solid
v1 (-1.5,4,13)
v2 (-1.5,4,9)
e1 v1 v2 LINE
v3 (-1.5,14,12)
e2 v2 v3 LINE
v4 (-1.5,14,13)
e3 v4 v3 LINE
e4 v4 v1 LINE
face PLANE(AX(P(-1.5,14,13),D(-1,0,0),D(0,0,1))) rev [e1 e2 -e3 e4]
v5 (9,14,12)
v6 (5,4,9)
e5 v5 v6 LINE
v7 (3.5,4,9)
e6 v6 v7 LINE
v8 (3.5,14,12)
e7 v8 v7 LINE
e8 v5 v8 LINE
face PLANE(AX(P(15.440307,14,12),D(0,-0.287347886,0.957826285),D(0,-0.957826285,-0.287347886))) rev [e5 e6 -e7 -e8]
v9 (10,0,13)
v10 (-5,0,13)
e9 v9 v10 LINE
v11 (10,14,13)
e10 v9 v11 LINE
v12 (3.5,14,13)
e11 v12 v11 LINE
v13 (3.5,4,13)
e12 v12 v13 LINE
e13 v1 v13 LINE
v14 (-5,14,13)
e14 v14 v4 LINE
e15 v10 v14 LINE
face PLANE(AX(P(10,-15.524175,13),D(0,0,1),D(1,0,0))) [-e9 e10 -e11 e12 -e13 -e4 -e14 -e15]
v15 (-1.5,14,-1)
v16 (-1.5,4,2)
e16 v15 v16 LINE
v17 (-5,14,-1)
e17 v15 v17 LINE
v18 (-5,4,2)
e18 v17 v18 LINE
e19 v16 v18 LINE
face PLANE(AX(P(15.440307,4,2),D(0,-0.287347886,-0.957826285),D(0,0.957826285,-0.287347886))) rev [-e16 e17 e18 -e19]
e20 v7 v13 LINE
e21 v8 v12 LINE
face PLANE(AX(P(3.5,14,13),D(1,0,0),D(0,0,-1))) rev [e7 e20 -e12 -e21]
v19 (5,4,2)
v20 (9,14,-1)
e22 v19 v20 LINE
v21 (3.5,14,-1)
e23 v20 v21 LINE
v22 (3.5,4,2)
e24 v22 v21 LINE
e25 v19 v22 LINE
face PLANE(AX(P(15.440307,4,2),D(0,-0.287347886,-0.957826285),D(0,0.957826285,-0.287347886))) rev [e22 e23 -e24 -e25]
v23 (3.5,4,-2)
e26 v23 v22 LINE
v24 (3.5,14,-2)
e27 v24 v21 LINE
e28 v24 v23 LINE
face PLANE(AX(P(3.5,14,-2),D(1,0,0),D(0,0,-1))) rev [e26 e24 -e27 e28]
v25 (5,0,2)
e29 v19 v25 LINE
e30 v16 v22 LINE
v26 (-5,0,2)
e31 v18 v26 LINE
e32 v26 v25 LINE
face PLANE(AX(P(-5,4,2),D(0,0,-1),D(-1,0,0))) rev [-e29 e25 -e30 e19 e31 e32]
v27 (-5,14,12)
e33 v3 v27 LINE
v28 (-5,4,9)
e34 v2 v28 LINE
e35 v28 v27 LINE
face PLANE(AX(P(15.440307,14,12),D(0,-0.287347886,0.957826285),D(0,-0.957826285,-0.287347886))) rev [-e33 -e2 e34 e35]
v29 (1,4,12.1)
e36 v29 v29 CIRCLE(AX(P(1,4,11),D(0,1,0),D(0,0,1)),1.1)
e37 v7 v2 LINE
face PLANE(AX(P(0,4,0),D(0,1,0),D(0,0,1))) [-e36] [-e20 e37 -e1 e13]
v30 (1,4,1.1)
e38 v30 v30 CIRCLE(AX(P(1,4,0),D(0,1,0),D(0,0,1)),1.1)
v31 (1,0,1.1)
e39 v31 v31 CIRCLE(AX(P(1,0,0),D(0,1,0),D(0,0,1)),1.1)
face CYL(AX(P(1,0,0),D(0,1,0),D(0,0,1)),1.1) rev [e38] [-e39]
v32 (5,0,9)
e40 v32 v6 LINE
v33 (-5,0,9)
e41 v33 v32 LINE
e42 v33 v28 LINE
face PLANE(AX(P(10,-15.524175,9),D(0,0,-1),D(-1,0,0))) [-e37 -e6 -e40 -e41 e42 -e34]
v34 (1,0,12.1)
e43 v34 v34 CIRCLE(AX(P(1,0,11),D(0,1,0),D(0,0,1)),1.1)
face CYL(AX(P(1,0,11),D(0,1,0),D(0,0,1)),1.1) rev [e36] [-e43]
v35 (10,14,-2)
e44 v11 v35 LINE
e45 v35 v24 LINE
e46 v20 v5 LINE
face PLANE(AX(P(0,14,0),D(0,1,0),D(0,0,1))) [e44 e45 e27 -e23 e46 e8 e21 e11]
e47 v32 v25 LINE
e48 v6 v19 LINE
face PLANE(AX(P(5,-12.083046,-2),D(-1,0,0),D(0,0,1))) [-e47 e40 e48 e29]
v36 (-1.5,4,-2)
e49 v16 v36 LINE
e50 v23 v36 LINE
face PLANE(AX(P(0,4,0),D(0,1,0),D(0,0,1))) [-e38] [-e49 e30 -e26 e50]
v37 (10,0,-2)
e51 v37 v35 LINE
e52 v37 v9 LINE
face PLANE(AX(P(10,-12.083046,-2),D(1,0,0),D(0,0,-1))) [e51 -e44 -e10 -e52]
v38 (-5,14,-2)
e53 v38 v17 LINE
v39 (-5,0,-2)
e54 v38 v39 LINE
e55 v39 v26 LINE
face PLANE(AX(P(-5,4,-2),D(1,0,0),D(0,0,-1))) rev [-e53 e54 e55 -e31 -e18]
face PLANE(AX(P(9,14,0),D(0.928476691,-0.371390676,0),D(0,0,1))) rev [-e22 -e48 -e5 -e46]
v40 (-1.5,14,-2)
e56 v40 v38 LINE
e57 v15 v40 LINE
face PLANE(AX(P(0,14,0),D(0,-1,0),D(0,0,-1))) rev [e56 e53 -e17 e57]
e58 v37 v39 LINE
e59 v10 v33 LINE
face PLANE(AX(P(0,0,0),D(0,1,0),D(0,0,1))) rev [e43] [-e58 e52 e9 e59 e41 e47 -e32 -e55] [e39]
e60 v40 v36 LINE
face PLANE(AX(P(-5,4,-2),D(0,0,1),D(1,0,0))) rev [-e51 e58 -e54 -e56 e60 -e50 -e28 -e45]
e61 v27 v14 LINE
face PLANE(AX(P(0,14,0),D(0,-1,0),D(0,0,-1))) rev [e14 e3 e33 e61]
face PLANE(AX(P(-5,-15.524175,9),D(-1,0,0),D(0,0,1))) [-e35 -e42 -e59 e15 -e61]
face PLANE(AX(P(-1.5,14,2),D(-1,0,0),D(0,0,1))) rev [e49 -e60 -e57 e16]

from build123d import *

# Parameters (mm, degrees)
SKETCH_1_W          = 10
SKETCH_1_H          = 4
EXTRUDE_1_DEPTH     = 4
SKETCH_2_W          = 5
SKETCH_2_H          = 11
EXTRUDE_2_DEPTH     = 4
SKETCH_3_W          = 15
SKETCH_3_H          = 4
EXTRUDE_3_DEPTH     = 4
SKETCH_4_R          = 1.1
CUT_EXTRUDE_1_DEPTH = 17.881943016
SKETCH_5_W          = 3.5
SKETCH_5_H          = 4
EXTRUDE_6_DEPTH     = 10
SKETCH_9_W          = 6.5
SKETCH_9_H          = 4
EXTRUDE_7_DEPTH     = 10
SKETCH_11_W         = 5
SKETCH_11_H         = 7
EXTRUDE_8_DEPTH     = 10
CUT_EXTRUDE_3_REACH = 26.29
CHAMFER_2_SIZE      = 10
CHAMFER_2_SIZE2     = 4


with BuildPart() as part:
    # 草图1 → 凸台-拉伸1 (new body)
    with BuildSketch(Plane(origin=(0, 0, 0), x_dir=(1, 0, 0), z_dir=(0, 1, 0))):
        Rectangle(SKETCH_1_W, SKETCH_1_H)
    extrude(amount=EXTRUDE_1_DEPTH)

    # 草图2 → 凸台-拉伸2 (add)
    with BuildSketch(Plane(origin=(0, 4, 0), x_dir=(1, 0, 0), z_dir=(0, 1, 0))):
        with Locations((7.5, -3.5)):
            Rectangle(SKETCH_2_W, SKETCH_2_H)
    extrude(amount=-EXTRUDE_2_DEPTH)

    # 草图3 → 凸台-拉伸3 (add)
    with BuildSketch(Plane(origin=(0, 4, 0), x_dir=(1, 0, 0), z_dir=(0, 1, 0))):
        with Locations((2.5, -11)):
            Rectangle(SKETCH_3_W, SKETCH_3_H)
    extrude(amount=-EXTRUDE_3_DEPTH)

    # 草图4 → 切除-拉伸1 (cut, through all)
    with BuildSketch(Plane(origin=(0, 4, 0), x_dir=(1, 0, 0), z_dir=(0, 1, 0))):
        with Locations(Location((1, -11, 0), (0, 0, 270))):
            Circle(SKETCH_4_R)
        with Locations(Location((1, 0, 0), (0, 0, 270))):
            Circle(SKETCH_4_R)
    extrude(amount=-CUT_EXTRUDE_1_DEPTH, mode=Mode.SUBTRACT)

    # 草图5 → 凸台-拉伸6 (add)
    with BuildSketch(Plane(origin=(0, 4, 0), x_dir=(1, 0, 0), z_dir=(0, 1, 0))):
        with Locations((-3.25, -11)):
            Rectangle(SKETCH_5_W, SKETCH_5_H)
        with Locations((-3.25, 0)):
            Rectangle(SKETCH_5_W, SKETCH_5_H)
    extrude(amount=EXTRUDE_6_DEPTH)

    # 草图9 → 凸台-拉伸7 (add)
    with BuildSketch(Plane(origin=(0, 4, 0), x_dir=(1, 0, 0), z_dir=(0, 1, 0))):
        with Locations((6.75, 0)):
            Rectangle(SKETCH_9_W, SKETCH_9_H)
        with Locations((6.75, -11)):
            Rectangle(SKETCH_9_W, SKETCH_9_H)
    extrude(amount=EXTRUDE_7_DEPTH)

    # 草图11 → 凸台-拉伸8 (add)
    with BuildSketch(Plane(origin=(0, 4, 0), x_dir=(1, 0, 0), z_dir=(0, 1, 0))):
        with Locations((7.5, -5.5)):
            Rectangle(SKETCH_11_W, SKETCH_11_H)
    extrude(amount=EXTRUDE_8_DEPTH)

    # 切除-拉伸3: up to this face of the body (flat: up to its plane)
    cut_extrude_3_end = Plane(part.part.faces().sort_by_distance((5, 7, 5.5))[0])
    # 草图8 → 切除-拉伸3 (cut, up to the picked face)
    with BuildSketch(Plane.ZY.offset(5), mode=Mode.PRIVATE) as cut_extrude_3_sk1:
        Polygon((2, 4), (-1, 14), (2, 14), align=None)
    cut_extrude_3_tool1 = split(extrude(cut_extrude_3_sk1.sketch, amount=-CUT_EXTRUDE_3_REACH, mode=Mode.PRIVATE), bisect_by=cut_extrude_3_end, keep=Keep.BOTH, mode=Mode.PRIVATE)
    # 草图8 → 切除-拉伸3 (cut, up to the picked face)
    with BuildSketch(Plane.ZY.offset(5), mode=Mode.PRIVATE) as cut_extrude_3_sk2:
        Polygon((12, 14), (9, 4), (9, 14), align=None)
    cut_extrude_3_tool2 = split(extrude(cut_extrude_3_sk2.sketch, amount=-CUT_EXTRUDE_3_REACH, mode=Mode.PRIVATE), bisect_by=cut_extrude_3_end, keep=Keep.BOTH, mode=Mode.PRIVATE)
    add(cut_extrude_3_tool1.solids().sort_by(Axis((-5, 10.666667, 1), (1, 0, 0)))[0], mode=Mode.SUBTRACT)
    add(cut_extrude_3_tool2.solids().sort_by(Axis((-5, 10.666667, 10), (1, 0, 0)))[0], mode=Mode.SUBTRACT)

    # 倒角2
    chamfer_2_edges = [part.edges().sort_by_distance(p)[0] for p in [
        (5, 14, 5.5),
    ]]
    chamfer_2_side = [part.faces().sort_by_distance(p)[0] for p in [
        (5, 7.859375, 5.5),
    ]]
    chamfer(chamfer_2_edges, length=CHAMFER_2_SIZE, length2=CHAMFER_2_SIZE2, reference=chamfer_2_side[0])


solid = part.part
